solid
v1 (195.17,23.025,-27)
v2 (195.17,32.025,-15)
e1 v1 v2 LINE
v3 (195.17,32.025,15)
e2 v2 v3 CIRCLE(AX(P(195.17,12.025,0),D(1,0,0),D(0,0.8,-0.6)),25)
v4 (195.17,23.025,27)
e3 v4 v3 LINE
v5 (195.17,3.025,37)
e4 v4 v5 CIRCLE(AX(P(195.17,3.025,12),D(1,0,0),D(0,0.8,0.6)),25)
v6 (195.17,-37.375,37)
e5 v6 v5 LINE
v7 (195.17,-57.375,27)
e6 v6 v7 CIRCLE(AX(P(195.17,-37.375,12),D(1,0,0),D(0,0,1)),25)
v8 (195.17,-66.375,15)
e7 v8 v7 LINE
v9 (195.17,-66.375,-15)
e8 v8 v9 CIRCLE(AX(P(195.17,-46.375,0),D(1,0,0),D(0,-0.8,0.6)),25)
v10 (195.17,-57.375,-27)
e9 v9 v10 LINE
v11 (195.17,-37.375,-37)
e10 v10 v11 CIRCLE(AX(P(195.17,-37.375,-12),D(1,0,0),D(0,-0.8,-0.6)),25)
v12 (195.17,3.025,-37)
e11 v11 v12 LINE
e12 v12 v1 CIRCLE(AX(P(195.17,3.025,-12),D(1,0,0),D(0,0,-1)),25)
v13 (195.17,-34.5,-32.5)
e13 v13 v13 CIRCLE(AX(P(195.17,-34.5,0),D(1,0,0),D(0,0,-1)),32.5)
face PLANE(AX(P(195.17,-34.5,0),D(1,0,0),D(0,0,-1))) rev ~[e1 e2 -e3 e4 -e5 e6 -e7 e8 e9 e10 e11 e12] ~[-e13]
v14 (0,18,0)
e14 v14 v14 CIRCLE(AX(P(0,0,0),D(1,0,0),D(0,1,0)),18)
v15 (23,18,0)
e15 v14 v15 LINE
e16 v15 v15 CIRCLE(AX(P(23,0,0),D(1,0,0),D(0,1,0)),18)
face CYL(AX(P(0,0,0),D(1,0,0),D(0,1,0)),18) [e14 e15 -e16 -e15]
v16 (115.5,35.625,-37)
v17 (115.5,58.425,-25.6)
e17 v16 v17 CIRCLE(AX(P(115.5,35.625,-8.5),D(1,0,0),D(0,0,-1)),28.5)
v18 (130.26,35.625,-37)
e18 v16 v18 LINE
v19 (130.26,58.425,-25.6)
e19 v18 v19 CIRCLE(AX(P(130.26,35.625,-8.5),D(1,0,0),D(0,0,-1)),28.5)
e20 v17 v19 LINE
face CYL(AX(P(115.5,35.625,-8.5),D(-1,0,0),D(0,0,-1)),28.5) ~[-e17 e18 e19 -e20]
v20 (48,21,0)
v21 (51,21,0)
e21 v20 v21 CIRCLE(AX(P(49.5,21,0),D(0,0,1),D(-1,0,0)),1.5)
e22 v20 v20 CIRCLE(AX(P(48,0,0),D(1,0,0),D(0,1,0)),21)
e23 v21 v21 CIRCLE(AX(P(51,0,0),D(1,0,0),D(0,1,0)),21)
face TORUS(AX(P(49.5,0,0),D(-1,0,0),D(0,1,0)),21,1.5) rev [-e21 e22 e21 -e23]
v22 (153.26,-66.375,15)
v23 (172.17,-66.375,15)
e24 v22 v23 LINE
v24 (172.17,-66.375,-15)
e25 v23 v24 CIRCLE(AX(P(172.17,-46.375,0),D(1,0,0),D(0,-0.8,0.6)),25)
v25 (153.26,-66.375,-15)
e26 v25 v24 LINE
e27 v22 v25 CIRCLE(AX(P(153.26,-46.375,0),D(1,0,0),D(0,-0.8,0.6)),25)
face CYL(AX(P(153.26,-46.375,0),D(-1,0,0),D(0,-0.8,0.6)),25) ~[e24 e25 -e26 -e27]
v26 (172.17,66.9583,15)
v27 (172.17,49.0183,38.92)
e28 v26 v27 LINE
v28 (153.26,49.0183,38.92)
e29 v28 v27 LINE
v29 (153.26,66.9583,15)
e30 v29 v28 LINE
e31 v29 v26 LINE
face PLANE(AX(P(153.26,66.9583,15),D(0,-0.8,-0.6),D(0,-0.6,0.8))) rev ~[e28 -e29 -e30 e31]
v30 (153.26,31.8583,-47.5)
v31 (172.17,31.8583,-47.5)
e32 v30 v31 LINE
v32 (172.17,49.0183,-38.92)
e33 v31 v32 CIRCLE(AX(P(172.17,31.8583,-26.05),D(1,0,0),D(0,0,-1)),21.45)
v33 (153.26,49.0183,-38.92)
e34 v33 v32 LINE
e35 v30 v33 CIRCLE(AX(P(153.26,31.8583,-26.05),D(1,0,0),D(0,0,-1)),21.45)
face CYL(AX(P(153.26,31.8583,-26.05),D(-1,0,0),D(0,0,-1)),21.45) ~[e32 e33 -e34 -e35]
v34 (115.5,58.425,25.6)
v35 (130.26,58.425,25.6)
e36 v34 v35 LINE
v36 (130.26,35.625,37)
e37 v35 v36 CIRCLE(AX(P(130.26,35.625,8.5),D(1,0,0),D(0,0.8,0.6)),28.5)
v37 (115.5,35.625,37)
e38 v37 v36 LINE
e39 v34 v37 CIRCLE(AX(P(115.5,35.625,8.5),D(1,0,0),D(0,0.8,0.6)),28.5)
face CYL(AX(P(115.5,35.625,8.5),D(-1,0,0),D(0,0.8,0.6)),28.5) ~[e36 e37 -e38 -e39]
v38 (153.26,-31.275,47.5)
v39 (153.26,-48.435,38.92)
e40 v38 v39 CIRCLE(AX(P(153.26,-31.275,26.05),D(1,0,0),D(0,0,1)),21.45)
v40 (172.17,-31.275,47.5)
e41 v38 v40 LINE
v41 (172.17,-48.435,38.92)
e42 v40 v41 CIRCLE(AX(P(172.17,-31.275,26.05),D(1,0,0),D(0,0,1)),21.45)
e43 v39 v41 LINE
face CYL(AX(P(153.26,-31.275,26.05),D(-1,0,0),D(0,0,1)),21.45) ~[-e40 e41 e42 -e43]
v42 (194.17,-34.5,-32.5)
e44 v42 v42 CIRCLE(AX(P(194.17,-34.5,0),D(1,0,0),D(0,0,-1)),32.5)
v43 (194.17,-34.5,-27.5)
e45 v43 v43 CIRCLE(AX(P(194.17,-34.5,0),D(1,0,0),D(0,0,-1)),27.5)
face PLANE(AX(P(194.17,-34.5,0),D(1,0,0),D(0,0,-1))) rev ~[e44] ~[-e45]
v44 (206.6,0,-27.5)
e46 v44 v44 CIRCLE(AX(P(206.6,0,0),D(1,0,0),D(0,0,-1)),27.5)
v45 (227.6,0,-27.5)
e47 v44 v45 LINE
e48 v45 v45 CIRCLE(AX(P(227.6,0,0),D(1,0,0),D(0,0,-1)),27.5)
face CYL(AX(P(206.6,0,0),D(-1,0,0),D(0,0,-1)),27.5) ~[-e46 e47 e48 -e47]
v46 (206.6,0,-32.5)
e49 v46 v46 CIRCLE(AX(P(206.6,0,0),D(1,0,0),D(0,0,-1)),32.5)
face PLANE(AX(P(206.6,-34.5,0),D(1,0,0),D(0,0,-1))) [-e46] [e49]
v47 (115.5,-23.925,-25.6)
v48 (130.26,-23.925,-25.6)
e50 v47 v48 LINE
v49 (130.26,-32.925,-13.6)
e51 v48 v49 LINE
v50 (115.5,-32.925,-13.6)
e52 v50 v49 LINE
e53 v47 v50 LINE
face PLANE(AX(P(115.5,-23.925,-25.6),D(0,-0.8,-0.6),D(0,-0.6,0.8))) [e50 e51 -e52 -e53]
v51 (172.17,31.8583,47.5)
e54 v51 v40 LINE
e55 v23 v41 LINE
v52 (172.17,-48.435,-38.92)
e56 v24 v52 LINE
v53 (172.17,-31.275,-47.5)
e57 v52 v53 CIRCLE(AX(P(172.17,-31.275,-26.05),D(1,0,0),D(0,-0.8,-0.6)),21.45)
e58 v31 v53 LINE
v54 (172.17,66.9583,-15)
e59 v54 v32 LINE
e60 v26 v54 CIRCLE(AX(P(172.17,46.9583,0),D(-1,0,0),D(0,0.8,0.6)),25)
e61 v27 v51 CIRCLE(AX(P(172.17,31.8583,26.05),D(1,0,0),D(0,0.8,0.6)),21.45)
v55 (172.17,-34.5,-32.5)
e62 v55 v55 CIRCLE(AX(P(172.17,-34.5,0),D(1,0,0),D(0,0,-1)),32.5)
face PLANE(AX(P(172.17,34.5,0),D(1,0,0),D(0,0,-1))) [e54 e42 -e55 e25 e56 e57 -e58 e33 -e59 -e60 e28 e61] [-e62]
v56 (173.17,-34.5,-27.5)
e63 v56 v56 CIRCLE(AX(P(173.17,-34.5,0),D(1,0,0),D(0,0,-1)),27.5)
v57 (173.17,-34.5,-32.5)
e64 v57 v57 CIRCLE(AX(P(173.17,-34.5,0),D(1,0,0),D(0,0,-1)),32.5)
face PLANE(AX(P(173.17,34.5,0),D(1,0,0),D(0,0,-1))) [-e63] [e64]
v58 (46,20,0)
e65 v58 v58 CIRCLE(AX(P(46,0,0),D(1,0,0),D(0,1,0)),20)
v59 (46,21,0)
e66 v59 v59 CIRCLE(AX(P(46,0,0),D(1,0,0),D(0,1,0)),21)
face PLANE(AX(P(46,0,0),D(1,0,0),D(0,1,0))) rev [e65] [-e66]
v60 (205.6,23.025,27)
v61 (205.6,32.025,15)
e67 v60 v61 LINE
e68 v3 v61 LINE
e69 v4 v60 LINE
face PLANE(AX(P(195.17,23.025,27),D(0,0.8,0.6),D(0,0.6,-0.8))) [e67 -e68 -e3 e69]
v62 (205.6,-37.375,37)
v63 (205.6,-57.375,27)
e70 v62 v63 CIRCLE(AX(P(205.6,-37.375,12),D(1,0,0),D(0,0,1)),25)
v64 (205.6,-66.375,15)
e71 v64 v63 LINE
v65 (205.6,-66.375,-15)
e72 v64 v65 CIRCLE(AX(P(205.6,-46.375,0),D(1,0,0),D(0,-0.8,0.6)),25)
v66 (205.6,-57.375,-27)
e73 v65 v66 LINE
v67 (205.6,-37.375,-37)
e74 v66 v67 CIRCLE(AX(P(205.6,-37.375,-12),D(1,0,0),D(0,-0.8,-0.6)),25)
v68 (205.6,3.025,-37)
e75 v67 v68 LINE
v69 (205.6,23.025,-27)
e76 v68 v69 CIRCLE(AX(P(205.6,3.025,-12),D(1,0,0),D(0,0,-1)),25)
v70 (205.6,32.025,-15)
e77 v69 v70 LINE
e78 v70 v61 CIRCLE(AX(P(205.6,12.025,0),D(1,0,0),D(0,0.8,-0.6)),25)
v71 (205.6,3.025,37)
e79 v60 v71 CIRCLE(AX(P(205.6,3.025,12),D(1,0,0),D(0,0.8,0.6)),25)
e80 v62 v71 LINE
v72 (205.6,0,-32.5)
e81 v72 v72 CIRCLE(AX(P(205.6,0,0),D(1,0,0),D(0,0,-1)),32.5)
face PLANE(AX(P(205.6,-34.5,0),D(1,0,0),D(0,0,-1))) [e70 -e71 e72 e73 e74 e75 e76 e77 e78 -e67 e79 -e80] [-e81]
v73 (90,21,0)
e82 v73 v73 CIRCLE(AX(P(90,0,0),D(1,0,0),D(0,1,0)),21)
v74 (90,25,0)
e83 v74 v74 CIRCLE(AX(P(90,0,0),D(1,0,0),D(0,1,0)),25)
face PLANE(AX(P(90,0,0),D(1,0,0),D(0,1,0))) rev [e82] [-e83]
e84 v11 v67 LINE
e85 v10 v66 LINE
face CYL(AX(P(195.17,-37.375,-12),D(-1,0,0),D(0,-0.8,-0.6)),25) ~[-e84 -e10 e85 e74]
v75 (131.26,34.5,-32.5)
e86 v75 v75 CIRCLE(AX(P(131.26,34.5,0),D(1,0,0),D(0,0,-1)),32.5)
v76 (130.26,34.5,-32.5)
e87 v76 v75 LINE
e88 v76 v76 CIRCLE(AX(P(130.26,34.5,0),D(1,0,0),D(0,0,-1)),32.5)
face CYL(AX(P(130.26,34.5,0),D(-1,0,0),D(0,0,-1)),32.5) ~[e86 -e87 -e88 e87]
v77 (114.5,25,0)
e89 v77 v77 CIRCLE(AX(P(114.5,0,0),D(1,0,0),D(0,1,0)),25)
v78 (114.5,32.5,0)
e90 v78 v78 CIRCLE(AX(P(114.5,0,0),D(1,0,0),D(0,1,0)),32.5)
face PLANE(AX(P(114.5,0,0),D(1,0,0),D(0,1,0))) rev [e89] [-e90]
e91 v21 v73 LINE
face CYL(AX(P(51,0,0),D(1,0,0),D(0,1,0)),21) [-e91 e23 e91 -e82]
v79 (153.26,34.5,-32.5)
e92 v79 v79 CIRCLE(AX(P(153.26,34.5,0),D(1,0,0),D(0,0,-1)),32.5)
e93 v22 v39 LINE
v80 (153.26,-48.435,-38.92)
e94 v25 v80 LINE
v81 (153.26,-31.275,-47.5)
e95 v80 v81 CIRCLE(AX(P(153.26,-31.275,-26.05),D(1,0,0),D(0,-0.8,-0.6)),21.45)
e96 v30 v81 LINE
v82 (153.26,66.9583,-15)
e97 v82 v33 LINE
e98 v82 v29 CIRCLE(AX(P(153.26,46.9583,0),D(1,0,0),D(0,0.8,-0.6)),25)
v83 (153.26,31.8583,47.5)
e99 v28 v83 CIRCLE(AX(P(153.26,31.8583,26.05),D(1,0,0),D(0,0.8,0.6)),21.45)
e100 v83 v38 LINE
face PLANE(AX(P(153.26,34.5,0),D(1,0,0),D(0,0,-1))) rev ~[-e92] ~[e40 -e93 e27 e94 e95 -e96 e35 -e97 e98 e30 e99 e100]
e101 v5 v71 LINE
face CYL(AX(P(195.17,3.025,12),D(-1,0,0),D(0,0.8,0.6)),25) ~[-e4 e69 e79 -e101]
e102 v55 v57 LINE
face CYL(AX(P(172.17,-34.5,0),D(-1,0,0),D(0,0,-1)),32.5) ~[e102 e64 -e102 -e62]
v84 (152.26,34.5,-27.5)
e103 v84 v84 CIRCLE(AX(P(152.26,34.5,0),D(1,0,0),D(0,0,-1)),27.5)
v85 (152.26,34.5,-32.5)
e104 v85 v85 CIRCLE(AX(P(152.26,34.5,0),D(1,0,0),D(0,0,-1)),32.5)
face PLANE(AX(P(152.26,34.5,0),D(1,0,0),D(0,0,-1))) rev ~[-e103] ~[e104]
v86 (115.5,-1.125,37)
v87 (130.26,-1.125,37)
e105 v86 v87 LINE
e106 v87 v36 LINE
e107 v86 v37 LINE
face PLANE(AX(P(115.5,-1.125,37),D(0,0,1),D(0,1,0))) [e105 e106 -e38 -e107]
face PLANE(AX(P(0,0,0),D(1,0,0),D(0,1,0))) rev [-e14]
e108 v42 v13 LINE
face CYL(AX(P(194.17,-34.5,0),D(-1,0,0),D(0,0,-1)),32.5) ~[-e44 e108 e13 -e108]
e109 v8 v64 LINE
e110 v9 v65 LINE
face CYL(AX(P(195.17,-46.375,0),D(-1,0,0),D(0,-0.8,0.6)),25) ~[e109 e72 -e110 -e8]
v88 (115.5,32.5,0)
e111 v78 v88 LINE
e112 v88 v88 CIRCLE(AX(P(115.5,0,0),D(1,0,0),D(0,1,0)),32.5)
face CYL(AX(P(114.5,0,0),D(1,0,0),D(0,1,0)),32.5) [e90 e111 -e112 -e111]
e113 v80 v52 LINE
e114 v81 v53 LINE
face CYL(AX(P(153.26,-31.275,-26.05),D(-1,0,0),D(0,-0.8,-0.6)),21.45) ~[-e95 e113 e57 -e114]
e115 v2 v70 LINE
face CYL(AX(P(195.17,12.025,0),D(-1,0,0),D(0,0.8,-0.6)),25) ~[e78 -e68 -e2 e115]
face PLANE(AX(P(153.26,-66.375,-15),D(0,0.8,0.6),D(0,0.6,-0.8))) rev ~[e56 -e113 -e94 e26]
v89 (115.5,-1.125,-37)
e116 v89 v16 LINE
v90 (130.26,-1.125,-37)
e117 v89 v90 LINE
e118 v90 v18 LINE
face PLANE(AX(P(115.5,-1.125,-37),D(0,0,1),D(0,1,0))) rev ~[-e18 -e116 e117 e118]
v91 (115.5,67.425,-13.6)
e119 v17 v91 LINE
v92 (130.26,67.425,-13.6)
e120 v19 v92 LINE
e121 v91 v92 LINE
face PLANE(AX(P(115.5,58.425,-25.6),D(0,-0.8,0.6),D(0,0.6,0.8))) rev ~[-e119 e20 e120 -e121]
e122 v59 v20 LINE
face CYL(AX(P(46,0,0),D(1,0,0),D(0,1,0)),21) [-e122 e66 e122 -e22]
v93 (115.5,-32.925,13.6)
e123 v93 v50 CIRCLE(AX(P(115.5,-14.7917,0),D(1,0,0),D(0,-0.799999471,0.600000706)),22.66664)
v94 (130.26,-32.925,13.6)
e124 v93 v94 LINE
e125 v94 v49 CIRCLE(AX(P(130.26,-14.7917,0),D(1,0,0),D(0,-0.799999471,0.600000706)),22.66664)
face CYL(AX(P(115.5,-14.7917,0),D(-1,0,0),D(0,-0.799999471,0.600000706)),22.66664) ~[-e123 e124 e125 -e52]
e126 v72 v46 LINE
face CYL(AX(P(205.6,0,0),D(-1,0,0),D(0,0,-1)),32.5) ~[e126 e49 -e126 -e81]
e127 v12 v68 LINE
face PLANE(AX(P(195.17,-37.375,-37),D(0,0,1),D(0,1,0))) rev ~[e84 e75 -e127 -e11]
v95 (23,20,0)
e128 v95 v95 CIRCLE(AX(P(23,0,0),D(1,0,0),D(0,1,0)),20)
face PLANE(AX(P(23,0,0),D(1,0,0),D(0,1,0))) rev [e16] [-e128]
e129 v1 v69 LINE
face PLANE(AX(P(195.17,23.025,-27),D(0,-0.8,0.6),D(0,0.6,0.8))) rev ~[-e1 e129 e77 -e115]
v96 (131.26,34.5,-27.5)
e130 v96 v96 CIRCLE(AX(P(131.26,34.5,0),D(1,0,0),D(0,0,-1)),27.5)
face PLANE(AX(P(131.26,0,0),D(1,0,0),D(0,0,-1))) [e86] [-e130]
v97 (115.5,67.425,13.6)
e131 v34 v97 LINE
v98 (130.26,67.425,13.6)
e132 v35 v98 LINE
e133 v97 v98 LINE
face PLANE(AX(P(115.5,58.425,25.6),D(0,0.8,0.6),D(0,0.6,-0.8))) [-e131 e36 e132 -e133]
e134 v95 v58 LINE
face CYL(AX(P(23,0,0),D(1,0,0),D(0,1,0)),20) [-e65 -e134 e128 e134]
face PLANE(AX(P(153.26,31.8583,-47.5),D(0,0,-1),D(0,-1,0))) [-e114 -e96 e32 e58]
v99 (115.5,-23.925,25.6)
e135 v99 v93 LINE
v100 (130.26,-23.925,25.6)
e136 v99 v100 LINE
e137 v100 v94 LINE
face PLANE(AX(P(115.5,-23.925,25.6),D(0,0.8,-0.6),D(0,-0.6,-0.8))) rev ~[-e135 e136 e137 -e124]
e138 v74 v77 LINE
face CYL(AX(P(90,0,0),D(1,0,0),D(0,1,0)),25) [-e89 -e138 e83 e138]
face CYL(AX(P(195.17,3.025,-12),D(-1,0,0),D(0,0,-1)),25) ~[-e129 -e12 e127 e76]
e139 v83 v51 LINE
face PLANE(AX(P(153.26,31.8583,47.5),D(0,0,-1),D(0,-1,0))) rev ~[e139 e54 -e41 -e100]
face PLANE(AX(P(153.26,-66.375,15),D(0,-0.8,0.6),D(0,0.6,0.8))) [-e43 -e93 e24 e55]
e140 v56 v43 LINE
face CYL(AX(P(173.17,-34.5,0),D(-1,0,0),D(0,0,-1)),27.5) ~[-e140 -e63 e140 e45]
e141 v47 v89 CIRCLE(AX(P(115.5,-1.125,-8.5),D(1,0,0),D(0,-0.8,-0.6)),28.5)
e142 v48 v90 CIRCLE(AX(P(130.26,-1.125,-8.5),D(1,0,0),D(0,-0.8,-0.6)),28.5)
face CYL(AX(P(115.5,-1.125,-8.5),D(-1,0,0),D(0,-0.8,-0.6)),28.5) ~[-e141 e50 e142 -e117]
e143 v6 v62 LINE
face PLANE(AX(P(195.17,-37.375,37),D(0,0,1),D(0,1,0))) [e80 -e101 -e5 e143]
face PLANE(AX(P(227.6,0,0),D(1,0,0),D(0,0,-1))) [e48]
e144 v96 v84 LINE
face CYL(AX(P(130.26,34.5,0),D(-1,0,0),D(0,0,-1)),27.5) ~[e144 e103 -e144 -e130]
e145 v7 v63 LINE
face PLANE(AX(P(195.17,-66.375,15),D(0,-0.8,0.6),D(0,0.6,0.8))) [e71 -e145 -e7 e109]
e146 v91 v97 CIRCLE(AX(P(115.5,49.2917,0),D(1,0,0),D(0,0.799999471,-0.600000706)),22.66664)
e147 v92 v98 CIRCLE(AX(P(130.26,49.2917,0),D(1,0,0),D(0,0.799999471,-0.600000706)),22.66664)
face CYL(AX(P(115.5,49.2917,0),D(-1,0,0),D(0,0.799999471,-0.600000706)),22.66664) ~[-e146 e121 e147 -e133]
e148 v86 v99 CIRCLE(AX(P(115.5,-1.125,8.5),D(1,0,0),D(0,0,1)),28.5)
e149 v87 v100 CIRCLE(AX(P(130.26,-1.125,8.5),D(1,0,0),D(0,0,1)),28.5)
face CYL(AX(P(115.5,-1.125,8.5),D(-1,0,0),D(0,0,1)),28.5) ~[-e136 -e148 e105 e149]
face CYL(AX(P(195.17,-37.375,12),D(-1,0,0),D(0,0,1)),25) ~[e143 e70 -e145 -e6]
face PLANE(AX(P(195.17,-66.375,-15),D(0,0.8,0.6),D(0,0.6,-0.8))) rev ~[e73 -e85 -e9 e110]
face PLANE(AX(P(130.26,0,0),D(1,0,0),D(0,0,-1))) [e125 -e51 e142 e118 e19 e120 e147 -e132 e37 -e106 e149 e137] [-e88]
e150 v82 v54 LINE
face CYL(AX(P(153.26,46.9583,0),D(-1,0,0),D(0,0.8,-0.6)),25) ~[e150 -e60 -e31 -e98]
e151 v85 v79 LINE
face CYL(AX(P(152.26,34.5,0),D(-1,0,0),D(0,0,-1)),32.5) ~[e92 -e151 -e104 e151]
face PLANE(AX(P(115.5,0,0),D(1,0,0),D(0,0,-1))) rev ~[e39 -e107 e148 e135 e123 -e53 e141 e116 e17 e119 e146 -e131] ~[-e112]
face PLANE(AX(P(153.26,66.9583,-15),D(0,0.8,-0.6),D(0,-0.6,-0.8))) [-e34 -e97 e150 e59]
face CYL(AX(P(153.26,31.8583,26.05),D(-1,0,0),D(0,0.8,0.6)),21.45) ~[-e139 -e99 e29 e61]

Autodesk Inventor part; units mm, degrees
ref_plane "YZ Plane" through (0, 0, 0) normal (1, 0, 0) x (0, 1, 0)
sketch "Sketch1" plane through (0, 0, 0) normal (0, 0, 1) x (1, 0, 0)
  line L0 (0, 0) -> (115.5, 0)
  line L1 (0, 0) -> (0, 18)
  line L2 (0, 18) -> (23, 18)
  line L3 (23, 18) -> (23, 20)
  line L4 (23, 20) -> (46, 20)
  line L5 (46, 20) -> (46, 21)
  line L6 (46, 21) -> (48, 21)
  arc A0 (48, 21) -> (51, 21) centre (49.5, 21) ccw
  line L7 (51, 21) -> (90, 21)
  line L8 (90, 21) -> (90, 25)
  line L9 (115.5, 32.5) -> (115.5, 0)
  line L10 (90, 25) -> (114.5, 25)
  line L11 (114.5, 25) -> (114.5, 32.5)
  line L12 (114.5, 32.5) -> (115.5, 32.5)
  dimension "d1" = 23
  dimension "d2" = 23
  dimension "d3" = 44
  dimension "d4" = 36
  dimension "d6" = 40
  dimension "d7" = 42
  dimension "d9" = 25.5
  dimension "d10" = 2
  dimension "d11" = 1.5
  dimension "d13" = 65
  dimension "d14" = 50
  dimension "d15" = 1
revolve "Revolution1" add sketch "Sketch1" angle 360 about axis through (0, 0, 0) along (1, 0, 0)
ref_plane "Work Plane7" through (130.26, 0, 0) normal (1, 0, 0) x (0, 0, -1)
sketch "Sketch22" plane through (130.26, 0, 0) normal (1, 0, 0) x (0, 0, -1)
  circle A0 centre (0, 34.5) radius 32.5
  circle A1 centre (0, 34.5) radius 27.5
  point P0 (0, 0)
  dimension "d97" = 65
  dimension "d98" = 55
  dimension "d99" = 34.5
extrude "Extrusion18" add sketch "Sketch22" along normal blind 22 contours A1
extrude "Extrusion19" add sketch "Sketch22" along normal blind 1
sketch "Sketch23" plane through (115.5, 0, 0) normal (1, 0, 0) x (0, 0, -1)
  line L0 (-37, -1.125) -> (-37, 35.625)
  line L1 (37, -1.125) -> (37, 35.625)
  arc A0 (-37, -1.125) -> (-25.6, -23.925) centre (-8.5, -1.125) ccw
  arc A1 (25.6, -23.925) -> (37, -1.125) centre (8.5, -1.125) ccw
  line L2 (-25.6, -23.925) -> (-13.6, -32.925)
  line L3 (25.6, -23.925) -> (13.6, -32.925)
  arc A2 (-13.6, -32.925) -> (13.6, -32.925) centre (0, -14.7917) ccw
  line L4 (4.9524, -36.9107) -> (32.7905, -16.0321) construction
  circle A3 centre (0, 0) radius 32.5 projected
  line L5 (-37, 17.25) -> (37, 17.25) construction
  arc A4 (-25.6, 58.425) -> (-37, 35.625) centre (-8.5, 35.625) ccw
  arc A5 (37, 35.625) -> (25.6, 58.425) centre (8.5, 35.625) ccw
  line L6 (-25.6, 58.425) -> (-13.6, 67.425)
  line L7 (25.6, 58.425) -> (13.6, 67.425)
  arc A6 (13.6, 67.425) -> (-13.6, 67.425) centre (0, 49.2917) ccw
  line L8 (4.9524, 71.4107) -> (32.7905, 50.5321) construction
  circle A7 centre (0, 34.5) radius 32.5 construction
  dimension "d105" = 15
  dimension "d106" = 74
  dimension "d107" = 27.2
  dimension "d108" = 51.2
  dimension "d109" = 2
  dimension "d126" = 2
extrude "Extrusion20" add sketch "Sketch23" along normal up to surface (14.76 mm away) contours L0 A4 L6 A6 L7 A5 L1 A1 L3 A2 L2 A0 | A3
sketch "Sketch24" plane through (152.26, 34.5, 0) normal (1, 0, 0) x (0, 0, -1)
  circle A0 centre (0, 0) radius 32.5 projected
  point P0 (0, -34.5)
extrude "Extrusion21" add sketch "Sketch24" along normal blind 1
ref_plane "Work Plane8" through (172.17, 34.5, 0) normal (1, 0, 0) x (0, 0, -1)
sketch "Sketch25" plane through (172.17, 34.5, 0) normal (1, 0, 0) x (0, 0, -1)
  circle A0 centre (0, -69) radius 32.5
  circle A1 centre (0, 0) radius 32.5 construction
  point P0 (0, -34.5)
  dimension "d115" = 65
  dimension "d116" = 69
extrude "Extrusion22" add sketch "Sketch25" along normal blind 1
sketch "Sketch26" plane through (153.26, 34.5, 0) normal (1, 0, 0) x (0, 0, -1)
  arc A0 (15, 32.4583) -> (-15, 32.4583) centre (0, 12.4583) ccw
  line L0 (-15, 32.4583) -> (-38.92, 14.5183)
  line L1 (15, 32.4583) -> (38.92, 14.5183)
  arc A1 (47.5, -2.6417) -> (38.92, 14.5183) centre (26.05, -2.6417) ccw
  arc A2 (-38.92, 14.5183) -> (-47.5, -2.6417) centre (-26.05, -2.6417) ccw
  line L2 (-47.5, -2.6417) -> (-47.5, -65.775)
  line L3 (47.5, -2.6417) -> (47.5, -65.775)
  arc A3 (13.6, 32.925) -> (-13.6, 32.925) centre (0, 14.7917) ccw projected
  line L4 (-47.5, -34.2083) -> (47.5, -34.2083) construction
  line L5 (13.6, 32.925) -> (25.6, 23.925) projected
  arc A4 (-15, -100.875) -> (15, -100.875) centre (0, -80.875) ccw
  line L6 (-15, -100.875) -> (-38.92, -82.935)
  line L7 (15, -100.875) -> (38.92, -82.935)
  arc A5 (38.92, -82.935) -> (47.5, -65.775) centre (26.05, -65.775) ccw
  arc A6 (-47.5, -65.775) -> (-38.92, -82.935) centre (-26.05, -65.775) ccw
  line L8 (5.9616, -105.1538) -> (30.4845, -86.7616) construction
  circle A7 centre (0, -69) radius 32.5 projected
  point P0 (0, -34.5)
  point P1 (0, 37.4583)
  dimension "d119" = 25
  dimension "d120" = 29.9
  dimension "d122" = 95
  dimension "d127" = 2
extrude "Extrusion23" add sketch "Sketch26" along normal up to surface (18.91 mm away) contours L1 A1 L3 A5 L7 A4 L6 A6 L2 A2 L0 A0 | A7
sketch "Sketch27" plane through (173.17, -34.5, 0) normal (1, 0, 0) x (0, 0, -1)
  circle A0 centre (0, 0) radius 27.5
  circle A1 centre (0, 0) radius 32.5 projected
  point P0 (0, 34.5)
  dimension "d128" = 55
extrude "Extrusion24" add sketch "Sketch27" along normal blind 21 contours A0
sketch "Sketch28" plane through (194.17, -34.5, 0) normal (1, 0, 0) x (0, 0, -1)
  circle A0 centre (0, 0) radius 32.5 projected
  point P0 (0, 34.5)
extrude "Extrusion25" add sketch "Sketch28" along normal blind 1
sketch "Sketch29" plane through (195.17, -34.5, 0) normal (1, 0, 0) x (0, 0, -1)
  arc A0 (-15, -31.875) -> (15, -31.875) centre (0, -11.875) ccw projected
  line L0 (-15, -31.875) -> (-27, -22.875)
  line L1 (38.92, -13.935) -> (15, -31.875) construction
  line L2 (15, -31.875) -> (27, -22.875)
  line L3 (-15, -31.875) -> (-38.92, -13.935) construction
  arc A1 (27, -22.875) -> (37, -2.875) centre (12, -2.875) ccw
  arc A2 (-37, -2.875) -> (-27, -22.875) centre (-12, -2.875) ccw
  line L4 (-37, -2.875) -> (-37, 37.525)
  line L5 (37, -2.875) -> (37, 37.525)
  arc A3 (-27, 57.525) -> (-37, 37.525) centre (-12, 37.525) ccw
  arc A4 (37, 37.525) -> (27, 57.525) centre (12, 37.525) ccw
  line L6 (-27, 57.525) -> (-15, 66.525)
  line L7 (27, 57.525) -> (15, 66.525)
  arc A5 (15, 66.525) -> (-15, 66.525) centre (0, 46.525) ccw
  point P0 (0, 34.5)
  dimension "d133" = 15
  dimension "d134" = 25
  dimension "d135" = 40.4
  dimension "d136" = 25
extrude "Extrusion26" add sketch "Sketch29" along normal blind 10.43
sketch "Sketch30" plane through (205.6, -34.5, 0) normal (1, 0, 0) x (0, 0, -1)
  circle A0 centre (0, 34.5) radius 18 construction
  circle A1 centre (0, 34.5) radius 32.5
  dimension "d139" = 65
extrude "Extrusion27" add sketch "Sketch30" along normal blind 1
sketch "Sketch31" plane through (206.6, 0, 0) normal (1, 0, 0) x (0, 0, -1)
  circle A0 centre (0, 0) radius 27.5
  dimension "d142" = 55
extrude "Extrusion28" add sketch "Sketch31" along normal blind 21
ref_plane "Work Plane9" through (217.1, 0, 0) normal (1, 0, 0) x (0, 0, -1)
properties part number "Korbowód poprawiony"
